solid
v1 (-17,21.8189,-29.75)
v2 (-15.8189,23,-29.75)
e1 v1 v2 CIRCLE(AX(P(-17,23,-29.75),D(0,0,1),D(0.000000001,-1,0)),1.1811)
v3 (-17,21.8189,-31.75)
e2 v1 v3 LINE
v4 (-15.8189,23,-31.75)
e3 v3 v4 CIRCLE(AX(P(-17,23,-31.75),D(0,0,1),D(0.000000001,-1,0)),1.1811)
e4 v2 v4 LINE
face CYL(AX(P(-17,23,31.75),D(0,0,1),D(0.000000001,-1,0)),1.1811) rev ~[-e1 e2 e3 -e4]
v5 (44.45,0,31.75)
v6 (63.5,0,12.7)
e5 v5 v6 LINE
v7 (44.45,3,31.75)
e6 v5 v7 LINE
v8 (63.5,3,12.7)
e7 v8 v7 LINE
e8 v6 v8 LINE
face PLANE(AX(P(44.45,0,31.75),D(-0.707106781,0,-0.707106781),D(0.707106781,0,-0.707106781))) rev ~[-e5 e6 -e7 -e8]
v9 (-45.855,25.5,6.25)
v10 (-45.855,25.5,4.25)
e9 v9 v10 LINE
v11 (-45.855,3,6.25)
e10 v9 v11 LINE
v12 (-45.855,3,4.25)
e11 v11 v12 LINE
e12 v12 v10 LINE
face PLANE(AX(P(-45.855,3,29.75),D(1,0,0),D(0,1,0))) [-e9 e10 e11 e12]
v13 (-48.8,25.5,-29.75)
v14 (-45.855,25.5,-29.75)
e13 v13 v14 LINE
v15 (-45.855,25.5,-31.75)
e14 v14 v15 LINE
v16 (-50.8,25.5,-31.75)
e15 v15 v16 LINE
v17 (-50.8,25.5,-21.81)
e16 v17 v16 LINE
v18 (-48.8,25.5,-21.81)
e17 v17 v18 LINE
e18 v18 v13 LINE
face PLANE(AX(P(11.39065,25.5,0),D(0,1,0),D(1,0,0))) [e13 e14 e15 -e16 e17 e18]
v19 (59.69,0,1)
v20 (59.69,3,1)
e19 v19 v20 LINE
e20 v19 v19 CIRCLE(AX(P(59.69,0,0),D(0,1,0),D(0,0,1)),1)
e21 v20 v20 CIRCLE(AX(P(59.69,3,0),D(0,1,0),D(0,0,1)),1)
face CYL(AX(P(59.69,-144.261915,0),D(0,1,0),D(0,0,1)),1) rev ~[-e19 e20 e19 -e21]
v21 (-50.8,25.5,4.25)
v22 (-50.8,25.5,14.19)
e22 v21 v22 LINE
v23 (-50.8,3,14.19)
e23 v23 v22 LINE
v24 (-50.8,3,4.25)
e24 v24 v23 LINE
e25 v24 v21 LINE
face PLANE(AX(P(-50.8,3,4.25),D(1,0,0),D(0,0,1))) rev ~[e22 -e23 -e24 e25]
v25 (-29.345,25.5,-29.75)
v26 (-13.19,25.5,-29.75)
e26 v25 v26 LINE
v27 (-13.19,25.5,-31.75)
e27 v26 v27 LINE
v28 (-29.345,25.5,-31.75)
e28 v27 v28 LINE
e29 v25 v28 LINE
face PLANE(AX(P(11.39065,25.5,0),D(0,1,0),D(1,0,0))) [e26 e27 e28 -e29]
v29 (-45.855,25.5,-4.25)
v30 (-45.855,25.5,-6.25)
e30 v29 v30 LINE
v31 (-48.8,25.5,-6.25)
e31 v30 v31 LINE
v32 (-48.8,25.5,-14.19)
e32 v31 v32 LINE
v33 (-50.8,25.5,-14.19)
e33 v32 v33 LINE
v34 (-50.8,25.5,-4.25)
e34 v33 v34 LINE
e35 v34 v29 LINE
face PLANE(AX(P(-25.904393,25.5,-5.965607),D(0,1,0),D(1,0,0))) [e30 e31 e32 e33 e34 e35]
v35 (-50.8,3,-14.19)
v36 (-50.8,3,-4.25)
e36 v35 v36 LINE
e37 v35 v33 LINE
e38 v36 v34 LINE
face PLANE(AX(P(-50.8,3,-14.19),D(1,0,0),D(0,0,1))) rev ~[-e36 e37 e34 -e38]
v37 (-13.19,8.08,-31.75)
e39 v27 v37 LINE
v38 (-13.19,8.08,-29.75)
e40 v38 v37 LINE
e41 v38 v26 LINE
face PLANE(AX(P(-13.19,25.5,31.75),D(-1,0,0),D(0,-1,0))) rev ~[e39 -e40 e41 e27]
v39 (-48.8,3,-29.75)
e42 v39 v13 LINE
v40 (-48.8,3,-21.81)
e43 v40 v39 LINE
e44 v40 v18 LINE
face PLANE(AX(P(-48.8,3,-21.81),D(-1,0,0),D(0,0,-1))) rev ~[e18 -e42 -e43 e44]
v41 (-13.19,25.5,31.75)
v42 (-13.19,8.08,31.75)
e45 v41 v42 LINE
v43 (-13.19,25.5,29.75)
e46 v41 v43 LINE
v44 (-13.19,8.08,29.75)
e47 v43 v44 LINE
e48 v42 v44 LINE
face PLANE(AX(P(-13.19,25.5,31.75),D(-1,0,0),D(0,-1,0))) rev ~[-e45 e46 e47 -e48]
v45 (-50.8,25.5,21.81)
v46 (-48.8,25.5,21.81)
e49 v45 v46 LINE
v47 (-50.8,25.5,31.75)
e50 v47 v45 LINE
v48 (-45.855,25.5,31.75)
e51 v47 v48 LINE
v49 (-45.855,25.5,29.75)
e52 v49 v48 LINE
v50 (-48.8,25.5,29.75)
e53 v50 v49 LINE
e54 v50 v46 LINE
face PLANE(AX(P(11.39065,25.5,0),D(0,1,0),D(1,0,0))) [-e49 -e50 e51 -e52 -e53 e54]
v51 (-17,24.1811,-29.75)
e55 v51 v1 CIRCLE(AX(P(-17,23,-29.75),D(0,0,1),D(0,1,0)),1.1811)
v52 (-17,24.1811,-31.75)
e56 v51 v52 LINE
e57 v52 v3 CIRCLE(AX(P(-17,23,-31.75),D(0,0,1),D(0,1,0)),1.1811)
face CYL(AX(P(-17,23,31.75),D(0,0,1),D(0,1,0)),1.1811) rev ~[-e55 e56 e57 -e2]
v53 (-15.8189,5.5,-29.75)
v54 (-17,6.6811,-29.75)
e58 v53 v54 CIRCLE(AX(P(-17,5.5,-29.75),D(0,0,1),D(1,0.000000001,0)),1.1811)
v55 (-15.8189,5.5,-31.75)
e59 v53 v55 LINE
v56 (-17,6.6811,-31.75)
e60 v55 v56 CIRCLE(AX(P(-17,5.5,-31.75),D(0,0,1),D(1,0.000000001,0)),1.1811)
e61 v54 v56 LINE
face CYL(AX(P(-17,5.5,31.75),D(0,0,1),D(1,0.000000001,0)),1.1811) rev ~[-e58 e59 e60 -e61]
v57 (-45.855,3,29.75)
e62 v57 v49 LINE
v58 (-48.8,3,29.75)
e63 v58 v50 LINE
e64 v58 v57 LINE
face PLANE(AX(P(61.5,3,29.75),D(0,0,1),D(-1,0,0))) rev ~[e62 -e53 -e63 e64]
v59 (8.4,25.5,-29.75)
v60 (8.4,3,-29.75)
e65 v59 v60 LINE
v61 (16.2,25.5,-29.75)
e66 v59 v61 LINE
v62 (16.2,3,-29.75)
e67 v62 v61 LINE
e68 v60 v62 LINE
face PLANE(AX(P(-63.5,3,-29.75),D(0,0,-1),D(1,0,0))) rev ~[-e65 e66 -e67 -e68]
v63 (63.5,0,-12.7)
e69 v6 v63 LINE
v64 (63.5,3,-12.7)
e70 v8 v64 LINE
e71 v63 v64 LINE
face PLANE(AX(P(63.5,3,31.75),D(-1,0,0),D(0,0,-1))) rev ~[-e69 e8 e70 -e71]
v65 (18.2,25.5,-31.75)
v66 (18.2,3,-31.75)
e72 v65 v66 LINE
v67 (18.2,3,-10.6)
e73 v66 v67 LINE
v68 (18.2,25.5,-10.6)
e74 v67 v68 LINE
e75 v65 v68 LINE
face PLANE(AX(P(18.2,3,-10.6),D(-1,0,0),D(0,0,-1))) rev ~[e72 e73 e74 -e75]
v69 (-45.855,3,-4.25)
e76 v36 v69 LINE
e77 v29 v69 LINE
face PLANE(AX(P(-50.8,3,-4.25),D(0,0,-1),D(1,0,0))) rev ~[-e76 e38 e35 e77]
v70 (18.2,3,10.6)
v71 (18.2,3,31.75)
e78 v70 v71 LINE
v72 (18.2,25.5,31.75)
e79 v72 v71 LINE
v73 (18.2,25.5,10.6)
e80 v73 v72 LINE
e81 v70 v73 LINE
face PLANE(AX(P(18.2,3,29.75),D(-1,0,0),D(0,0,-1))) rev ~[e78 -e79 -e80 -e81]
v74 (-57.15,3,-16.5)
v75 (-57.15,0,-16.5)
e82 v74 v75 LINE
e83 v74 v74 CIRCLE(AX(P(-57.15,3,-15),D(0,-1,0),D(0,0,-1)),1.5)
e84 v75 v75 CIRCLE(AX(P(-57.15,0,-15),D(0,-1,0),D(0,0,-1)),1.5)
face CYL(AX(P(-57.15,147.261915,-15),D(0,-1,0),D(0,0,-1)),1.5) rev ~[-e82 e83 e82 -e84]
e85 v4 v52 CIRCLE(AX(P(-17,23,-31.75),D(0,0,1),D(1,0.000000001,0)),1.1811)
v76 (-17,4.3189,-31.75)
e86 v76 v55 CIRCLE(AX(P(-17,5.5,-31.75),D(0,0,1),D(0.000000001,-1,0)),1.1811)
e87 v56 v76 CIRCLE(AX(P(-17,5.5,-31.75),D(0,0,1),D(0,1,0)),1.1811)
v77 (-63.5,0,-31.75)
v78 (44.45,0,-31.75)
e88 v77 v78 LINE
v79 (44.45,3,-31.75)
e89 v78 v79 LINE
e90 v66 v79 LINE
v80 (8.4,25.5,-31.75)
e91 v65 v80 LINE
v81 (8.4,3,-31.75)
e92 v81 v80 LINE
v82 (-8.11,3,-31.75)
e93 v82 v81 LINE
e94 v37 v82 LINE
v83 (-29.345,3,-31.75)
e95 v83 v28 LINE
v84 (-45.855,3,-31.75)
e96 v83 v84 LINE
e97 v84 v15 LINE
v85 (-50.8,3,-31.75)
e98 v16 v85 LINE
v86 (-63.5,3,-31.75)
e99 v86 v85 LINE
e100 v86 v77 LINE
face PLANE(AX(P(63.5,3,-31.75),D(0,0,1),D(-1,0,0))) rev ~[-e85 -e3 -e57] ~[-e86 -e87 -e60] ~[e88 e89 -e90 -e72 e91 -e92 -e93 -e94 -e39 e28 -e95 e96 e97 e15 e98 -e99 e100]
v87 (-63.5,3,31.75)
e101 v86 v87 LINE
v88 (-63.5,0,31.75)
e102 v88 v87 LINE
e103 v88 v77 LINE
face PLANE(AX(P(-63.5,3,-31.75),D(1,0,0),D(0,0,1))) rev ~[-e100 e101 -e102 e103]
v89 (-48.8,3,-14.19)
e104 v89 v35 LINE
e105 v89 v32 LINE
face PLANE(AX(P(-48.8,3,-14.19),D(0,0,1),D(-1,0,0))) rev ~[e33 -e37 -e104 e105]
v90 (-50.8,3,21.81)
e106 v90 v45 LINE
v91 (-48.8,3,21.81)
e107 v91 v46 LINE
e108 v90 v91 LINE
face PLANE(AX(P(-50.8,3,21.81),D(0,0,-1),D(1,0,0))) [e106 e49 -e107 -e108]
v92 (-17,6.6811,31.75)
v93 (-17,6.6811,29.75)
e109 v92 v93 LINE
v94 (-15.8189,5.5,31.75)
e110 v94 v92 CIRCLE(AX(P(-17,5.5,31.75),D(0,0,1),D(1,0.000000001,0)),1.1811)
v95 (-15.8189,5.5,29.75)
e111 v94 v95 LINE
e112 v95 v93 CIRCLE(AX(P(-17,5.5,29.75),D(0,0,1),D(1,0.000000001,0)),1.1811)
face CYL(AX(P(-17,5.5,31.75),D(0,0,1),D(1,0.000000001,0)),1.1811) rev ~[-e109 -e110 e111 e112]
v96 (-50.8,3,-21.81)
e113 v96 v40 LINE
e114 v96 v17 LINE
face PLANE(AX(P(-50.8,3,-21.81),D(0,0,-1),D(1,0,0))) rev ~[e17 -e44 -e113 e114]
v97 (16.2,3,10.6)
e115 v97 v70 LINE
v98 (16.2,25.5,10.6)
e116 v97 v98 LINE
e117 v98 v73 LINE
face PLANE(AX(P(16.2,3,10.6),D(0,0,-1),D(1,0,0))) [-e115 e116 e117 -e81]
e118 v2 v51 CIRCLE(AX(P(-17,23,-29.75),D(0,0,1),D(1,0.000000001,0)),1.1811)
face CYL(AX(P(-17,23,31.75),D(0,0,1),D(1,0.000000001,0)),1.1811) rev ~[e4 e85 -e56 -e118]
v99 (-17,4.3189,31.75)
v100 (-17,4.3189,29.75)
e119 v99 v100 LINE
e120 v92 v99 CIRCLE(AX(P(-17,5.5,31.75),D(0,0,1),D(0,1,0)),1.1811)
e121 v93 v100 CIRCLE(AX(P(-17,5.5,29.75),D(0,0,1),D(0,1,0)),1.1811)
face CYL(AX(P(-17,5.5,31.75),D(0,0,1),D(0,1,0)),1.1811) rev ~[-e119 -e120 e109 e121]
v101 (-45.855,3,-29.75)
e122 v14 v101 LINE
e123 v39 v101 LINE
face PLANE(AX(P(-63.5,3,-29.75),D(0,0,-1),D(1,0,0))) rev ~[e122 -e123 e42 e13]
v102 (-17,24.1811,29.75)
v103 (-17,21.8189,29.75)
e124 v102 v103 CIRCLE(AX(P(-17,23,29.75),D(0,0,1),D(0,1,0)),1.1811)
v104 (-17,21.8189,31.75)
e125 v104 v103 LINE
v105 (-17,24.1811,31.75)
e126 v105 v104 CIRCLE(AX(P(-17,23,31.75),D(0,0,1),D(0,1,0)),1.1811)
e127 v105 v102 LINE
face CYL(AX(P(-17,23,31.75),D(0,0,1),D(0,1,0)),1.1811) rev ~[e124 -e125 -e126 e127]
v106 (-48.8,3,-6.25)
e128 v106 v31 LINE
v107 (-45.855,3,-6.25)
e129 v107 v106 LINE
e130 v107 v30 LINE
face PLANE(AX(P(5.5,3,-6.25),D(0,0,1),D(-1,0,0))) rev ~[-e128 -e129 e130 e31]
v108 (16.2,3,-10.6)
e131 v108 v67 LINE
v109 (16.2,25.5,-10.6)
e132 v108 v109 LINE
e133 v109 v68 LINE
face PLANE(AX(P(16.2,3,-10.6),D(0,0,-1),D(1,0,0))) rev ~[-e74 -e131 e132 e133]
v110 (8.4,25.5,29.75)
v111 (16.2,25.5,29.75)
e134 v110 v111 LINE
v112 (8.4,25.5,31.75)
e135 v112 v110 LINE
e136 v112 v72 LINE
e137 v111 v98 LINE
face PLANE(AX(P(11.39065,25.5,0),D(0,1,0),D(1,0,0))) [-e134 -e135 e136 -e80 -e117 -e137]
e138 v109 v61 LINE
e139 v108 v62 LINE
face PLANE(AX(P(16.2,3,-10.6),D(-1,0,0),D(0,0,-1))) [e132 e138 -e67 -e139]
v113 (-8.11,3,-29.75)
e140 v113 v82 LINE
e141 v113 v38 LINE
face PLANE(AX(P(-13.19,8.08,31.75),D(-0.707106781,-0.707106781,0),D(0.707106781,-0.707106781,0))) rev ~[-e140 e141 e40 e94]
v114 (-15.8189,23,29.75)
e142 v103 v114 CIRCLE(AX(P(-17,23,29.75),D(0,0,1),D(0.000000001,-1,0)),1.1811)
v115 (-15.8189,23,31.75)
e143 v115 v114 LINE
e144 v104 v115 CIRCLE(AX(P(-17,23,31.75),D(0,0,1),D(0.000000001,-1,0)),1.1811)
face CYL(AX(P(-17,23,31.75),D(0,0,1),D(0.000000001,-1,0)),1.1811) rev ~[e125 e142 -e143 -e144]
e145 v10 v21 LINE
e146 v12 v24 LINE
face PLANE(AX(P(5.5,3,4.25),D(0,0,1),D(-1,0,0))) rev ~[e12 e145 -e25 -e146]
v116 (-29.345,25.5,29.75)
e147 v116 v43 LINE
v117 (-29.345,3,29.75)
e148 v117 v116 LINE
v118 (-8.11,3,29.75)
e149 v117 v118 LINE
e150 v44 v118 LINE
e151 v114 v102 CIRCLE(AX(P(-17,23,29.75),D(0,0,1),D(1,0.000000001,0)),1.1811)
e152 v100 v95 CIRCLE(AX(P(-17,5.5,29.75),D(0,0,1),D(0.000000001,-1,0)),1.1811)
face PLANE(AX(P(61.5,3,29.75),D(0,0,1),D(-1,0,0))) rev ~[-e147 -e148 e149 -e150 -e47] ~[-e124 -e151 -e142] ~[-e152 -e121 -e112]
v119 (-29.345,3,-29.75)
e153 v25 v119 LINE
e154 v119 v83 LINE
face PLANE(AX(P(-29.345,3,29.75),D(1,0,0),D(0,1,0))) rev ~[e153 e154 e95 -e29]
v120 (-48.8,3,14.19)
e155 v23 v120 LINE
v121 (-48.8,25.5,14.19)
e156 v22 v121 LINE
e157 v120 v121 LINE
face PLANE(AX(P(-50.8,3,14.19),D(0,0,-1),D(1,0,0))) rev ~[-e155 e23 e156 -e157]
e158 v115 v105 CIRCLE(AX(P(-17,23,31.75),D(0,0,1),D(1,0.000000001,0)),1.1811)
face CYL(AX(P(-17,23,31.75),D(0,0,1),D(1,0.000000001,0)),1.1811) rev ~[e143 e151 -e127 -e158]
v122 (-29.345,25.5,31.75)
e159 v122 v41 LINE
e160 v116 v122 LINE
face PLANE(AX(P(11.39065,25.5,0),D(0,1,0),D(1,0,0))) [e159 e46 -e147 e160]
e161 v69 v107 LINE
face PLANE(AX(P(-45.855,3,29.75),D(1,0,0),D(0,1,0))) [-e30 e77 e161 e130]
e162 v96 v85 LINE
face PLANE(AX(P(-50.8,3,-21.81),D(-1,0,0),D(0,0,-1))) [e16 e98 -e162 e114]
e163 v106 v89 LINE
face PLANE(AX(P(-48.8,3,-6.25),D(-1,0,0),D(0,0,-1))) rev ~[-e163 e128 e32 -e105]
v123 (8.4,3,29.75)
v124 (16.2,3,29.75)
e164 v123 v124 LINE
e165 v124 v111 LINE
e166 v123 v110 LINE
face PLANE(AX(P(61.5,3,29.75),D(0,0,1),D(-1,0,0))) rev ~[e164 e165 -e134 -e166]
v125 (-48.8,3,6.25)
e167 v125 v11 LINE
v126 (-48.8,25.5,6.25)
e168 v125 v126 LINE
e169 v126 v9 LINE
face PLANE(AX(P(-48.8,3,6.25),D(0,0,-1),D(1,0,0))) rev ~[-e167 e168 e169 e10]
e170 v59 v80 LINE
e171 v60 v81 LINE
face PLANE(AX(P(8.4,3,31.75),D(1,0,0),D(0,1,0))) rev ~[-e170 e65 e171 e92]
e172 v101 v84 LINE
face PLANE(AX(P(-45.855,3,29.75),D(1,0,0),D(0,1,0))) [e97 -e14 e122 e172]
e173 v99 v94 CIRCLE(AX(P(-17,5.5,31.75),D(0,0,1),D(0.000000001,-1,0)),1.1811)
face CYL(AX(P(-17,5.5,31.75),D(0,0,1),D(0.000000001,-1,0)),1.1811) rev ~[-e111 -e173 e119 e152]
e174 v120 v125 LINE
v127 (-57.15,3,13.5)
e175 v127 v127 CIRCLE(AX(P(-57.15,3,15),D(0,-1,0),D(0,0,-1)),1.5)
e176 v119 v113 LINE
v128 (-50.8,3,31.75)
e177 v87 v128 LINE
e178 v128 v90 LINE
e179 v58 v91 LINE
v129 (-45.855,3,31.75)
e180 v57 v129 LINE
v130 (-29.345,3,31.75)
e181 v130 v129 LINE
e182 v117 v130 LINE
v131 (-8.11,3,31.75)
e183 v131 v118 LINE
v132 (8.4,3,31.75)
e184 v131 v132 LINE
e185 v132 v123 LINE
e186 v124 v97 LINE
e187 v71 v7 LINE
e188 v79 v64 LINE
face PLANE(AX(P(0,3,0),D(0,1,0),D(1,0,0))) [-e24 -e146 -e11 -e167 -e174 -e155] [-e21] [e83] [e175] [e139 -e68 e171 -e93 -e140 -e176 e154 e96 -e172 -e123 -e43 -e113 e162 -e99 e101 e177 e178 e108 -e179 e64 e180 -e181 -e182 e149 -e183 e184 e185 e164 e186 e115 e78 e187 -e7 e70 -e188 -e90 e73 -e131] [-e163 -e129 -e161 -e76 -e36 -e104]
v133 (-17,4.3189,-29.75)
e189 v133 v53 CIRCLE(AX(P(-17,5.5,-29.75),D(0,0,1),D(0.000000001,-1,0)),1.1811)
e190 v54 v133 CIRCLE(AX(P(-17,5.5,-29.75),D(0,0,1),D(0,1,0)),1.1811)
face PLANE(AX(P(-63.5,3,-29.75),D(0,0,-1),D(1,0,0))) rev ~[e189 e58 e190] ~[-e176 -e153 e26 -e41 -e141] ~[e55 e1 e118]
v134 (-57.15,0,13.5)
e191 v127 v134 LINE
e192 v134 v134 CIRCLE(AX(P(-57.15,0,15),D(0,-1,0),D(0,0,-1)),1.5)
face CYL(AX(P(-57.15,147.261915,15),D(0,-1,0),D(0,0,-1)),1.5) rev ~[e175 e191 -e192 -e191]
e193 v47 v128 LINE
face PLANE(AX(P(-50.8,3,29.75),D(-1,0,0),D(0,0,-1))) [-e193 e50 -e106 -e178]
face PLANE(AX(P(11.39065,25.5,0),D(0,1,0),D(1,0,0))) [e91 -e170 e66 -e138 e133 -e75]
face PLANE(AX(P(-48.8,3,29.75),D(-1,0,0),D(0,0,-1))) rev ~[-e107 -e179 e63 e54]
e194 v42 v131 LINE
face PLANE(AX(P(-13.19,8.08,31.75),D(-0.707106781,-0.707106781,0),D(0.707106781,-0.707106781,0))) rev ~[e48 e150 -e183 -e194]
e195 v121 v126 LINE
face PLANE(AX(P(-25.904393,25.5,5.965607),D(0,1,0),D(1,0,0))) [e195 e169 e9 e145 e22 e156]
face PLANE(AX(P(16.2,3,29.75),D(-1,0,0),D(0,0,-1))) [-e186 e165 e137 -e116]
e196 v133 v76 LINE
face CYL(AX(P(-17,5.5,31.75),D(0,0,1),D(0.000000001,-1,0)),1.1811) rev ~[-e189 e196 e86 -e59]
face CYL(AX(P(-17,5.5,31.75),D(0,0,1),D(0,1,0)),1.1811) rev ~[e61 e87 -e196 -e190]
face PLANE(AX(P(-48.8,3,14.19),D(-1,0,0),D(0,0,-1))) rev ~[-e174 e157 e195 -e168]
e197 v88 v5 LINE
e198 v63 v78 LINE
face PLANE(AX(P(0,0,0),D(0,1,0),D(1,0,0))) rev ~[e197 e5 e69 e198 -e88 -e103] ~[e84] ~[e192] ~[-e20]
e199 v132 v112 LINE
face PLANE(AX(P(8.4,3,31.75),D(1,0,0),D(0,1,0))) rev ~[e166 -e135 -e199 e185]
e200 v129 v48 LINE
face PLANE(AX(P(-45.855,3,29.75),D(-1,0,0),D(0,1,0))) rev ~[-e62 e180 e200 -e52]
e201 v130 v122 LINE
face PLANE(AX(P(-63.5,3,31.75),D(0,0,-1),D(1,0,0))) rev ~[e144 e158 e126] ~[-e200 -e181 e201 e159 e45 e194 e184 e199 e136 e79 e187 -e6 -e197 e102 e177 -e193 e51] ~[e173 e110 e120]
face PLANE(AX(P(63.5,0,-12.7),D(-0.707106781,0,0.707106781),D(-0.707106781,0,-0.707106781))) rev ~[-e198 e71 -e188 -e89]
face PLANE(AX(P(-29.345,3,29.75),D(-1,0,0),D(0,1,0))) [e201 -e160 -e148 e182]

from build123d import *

# Parameters (mm, degrees)
SKETCH1_W               = 127
SKETCH1_H               = 63.5
BOSS_EXTRUDE1_DEPTH     = 3
BOSS_EXTRUDE2_DEPTH     = 22.5
SKETCH3_W               = 15.24
SKETCH3_H               = 22.5
CUT_EXTRUDE1_DEPTH      = 132.466012718
SKETCH4_W               = 2
SKETCH4_H               = 7.94
SKETCH4_H_2             = 19.15
BOSS_EXTRUDE4_DEPTH     = 22.5
SKETCH5_W               = 16.51
SKETCH5_H               = 22.5
CUT_EXTRUDE2_DEPTH      = 93.004075997
CUT_EXTRUDE2_DEPTH_BACK = 93.004075997
SKETCH6_W               = 12.7
SKETCH6_H               = 2
CUT_EXTRUDE3_DEPTH      = 22.5
CUT_EXTRUDE4_DEPTH      = 94.352825346
CUT_EXTRUDE5_DEPTH      = 76.43581709
F_2_0MM_DOWEL_HOLE1_D   = 2
SKETCH13_W              = 34.845
SKETCH13_H              = 22.5
CUT_EXTRUDE6_DEPTH      = 12.5
F_3_0MM_DOWEL_HOLE1_D   = 3
CUT_EXTRUDE7_DEPTH      = 94.352825346


with BuildPart() as part:
    # Sketch1 → Boss-Extrude1 (new body)
    with BuildSketch(Plane(origin=(0, 0, 0), x_dir=(1, 0, 0), z_dir=(0, 1, 0))):
        Rectangle(SKETCH1_W, SKETCH1_H)
    extrude(amount=BOSS_EXTRUDE1_DEPTH)

    # Sketch2 → Boss-Extrude2 (add)
    with BuildSketch(Plane(origin=(0, 3, 0), x_dir=(1, 0, 0), z_dir=(0, 1, 0))):
        Polygon((-63.5, 29.75), (-61.5, 29.75), (61.5, 29.75), (61.5, -29.75), (-61.5, -29.75), (-63.5, -29.75), (-63.5, -31.75), (63.5, -31.75), (63.5, 31.75), (-63.5, 31.75), align=None)
    extrude(amount=BOSS_EXTRUDE2_DEPTH)

    # Sketch3 → Cut-Extrude1 (cut, through all)
    with BuildSketch(Plane.ZY.offset(-61.5)):
        with Locations((0, 14.25)):
            Rectangle(SKETCH3_W, SKETCH3_H)
    extrude(amount=-CUT_EXTRUDE1_DEPTH, mode=Mode.SUBTRACT)

    # Sketch4 → Boss-Extrude4 (add)
    with BuildSketch(Plane(origin=(0, 3, 0), x_dir=(1, 0, 0), z_dir=(0, 1, 0))):
        with Locations((-49.8, -25.78)):
            Rectangle(SKETCH4_W, SKETCH4_H)
        with Locations((17.2, -20.175)):
            Rectangle(SKETCH4_W, SKETCH4_H_2)
        Polygon((-50.8, -14.19), (-48.8, -14.19), (-48.8, -6.25), (5.5, -6.25), (5.5, -4.25), (-50.8, -4.25), align=None)
        with Locations((-49.8, 25.78)):
            Rectangle(SKETCH4_W, SKETCH4_H)
        Polygon((-48.8, 14.19), (-50.8, 14.19), (-50.8, 4.25), (5.5, 4.25), (5.5, 6.25), (-48.8, 6.25), align=None)
        with Locations((17.2, 20.175)):
            Rectangle(SKETCH4_W, SKETCH4_H_2)
    extrude(amount=BOSS_EXTRUDE4_DEPTH)

    # Sketch5 → Cut-Extrude2 (cut, two sides)
    with BuildSketch(Plane(origin=(0, 0, 29.75), x_dir=(-1, 0, 0), z_dir=(0, 0, -1))) as cut_extrude2_sk:
        with Locations((37.6, 14.25)):
            Rectangle(SKETCH5_W, SKETCH5_H)
    extrude(amount=CUT_EXTRUDE2_DEPTH, mode=Mode.SUBTRACT)
    extrude(cut_extrude2_sk.sketch, amount=-CUT_EXTRUDE2_DEPTH_BACK, mode=Mode.SUBTRACT)

    # Sketch6 → Cut-Extrude3 (cut)
    with BuildSketch(Plane(origin=(0, 25.5, 0), x_dir=(1, 0, 0), z_dir=(0, 1, 0))):
        Polygon((18.2, 29.75), (18.2, 31.75), (63.5, 31.75), (63.5, 7.62), (61.5, 7.62), (61.5, 29.75), align=None)
        Polygon((18.2, -29.75), (18.2, -31.75), (63.5, -31.75), (63.5, -7.62), (61.5, -7.62), (61.5, -29.75), align=None)
        with Locations((-57.15, 30.75)):
            Rectangle(SKETCH6_W, SKETCH6_H)
        with Locations((-57.15, -30.75)):
            Rectangle(SKETCH6_W, SKETCH6_H)
    extrude(amount=-CUT_EXTRUDE3_DEPTH, mode=Mode.SUBTRACT)

    # Sketch8 → Cut-Extrude4 (cut, through all)
    with BuildSketch(Plane.XY.offset(31.75)):
        with BuildLine():
            ThreePointArc((-17, 24.1811), (-18.1811, 23), (-17, 21.8189))
            Line((-17, 21.8189), (-17, 24.1811))
        make_face()
        with BuildLine():
            Line((-17, 24.1811), (-17, 21.8189))
            ThreePointArc((-17, 21.8189), (-16.164836181, 22.164836181), (-15.8189, 23))
            ThreePointArc((-15.8189, 23), (-16.164836181, 23.835163819), (-17, 24.1811))
        make_face()
        with BuildLine():
            ThreePointArc((-17, 6.6811), (-18.1811, 5.5), (-17, 4.3189))
            Line((-17, 4.3189), (-17, 6.6811))
        make_face()
        with BuildLine():
            Line((-17, 6.6811), (-17, 4.3189))
            ThreePointArc((-17, 4.3189), (-16.164836181, 4.664836181), (-15.8189, 5.5))
            ThreePointArc((-15.8189, 5.5), (-16.164836181, 6.335163819), (-17, 6.6811))
        make_face()
    extrude(amount=-CUT_EXTRUDE4_DEPTH, mode=Mode.SUBTRACT)

    # Sketch10 → Cut-Extrude5 (cut, through all)
    with BuildSketch(Plane.XZ):
        Polygon((63.5, 31.75), (44.45, 31.75), (63.5, 12.7), align=None)
        Polygon((63.5, -31.75), (63.5, -12.7), (44.45, -31.75), align=None)
    extrude(amount=-CUT_EXTRUDE5_DEPTH, mode=Mode.SUBTRACT)

    # Ø2.0mm Dowel Hole1 (through all)
    with Locations(Plane(origin=(59.69, 0, 0), x_dir=(0, 0, -1), z_dir=(0, -1, 0))):
        with Locations((0, 0)):
            Hole(F_2_0MM_DOWEL_HOLE1_D / 2)

    # Sketch13 → Cut-Extrude6 (cut)
    with BuildSketch(Plane.XY.offset(6.25)):
        with Locations((-11.9225, 14.25)):
            Rectangle(SKETCH13_W, SKETCH13_H)
    extrude(amount=-CUT_EXTRUDE6_DEPTH, mode=Mode.SUBTRACT)

    # Ø3.0mm Dowel Hole1 (through all)
    with Locations(Plane(origin=(-57.15, 3, -15), x_dir=(0, 0, 1), z_dir=(0, 1, 0))):
        with Locations((0, 0), (30, 0)):
            Hole(F_3_0MM_DOWEL_HOLE1_D / 2)

    # Sketch16 → Cut-Extrude7 (cut, through all)
    with BuildSketch(Plane.XY.offset(31.75)):
        Polygon((8.4, 25.5), (-13.19, 25.5), (-13.19, 8.08), (-8.11, 3), (8.4, 3), align=None)
    extrude(amount=-CUT_EXTRUDE7_DEPTH, mode=Mode.SUBTRACT)


solid = part.part
